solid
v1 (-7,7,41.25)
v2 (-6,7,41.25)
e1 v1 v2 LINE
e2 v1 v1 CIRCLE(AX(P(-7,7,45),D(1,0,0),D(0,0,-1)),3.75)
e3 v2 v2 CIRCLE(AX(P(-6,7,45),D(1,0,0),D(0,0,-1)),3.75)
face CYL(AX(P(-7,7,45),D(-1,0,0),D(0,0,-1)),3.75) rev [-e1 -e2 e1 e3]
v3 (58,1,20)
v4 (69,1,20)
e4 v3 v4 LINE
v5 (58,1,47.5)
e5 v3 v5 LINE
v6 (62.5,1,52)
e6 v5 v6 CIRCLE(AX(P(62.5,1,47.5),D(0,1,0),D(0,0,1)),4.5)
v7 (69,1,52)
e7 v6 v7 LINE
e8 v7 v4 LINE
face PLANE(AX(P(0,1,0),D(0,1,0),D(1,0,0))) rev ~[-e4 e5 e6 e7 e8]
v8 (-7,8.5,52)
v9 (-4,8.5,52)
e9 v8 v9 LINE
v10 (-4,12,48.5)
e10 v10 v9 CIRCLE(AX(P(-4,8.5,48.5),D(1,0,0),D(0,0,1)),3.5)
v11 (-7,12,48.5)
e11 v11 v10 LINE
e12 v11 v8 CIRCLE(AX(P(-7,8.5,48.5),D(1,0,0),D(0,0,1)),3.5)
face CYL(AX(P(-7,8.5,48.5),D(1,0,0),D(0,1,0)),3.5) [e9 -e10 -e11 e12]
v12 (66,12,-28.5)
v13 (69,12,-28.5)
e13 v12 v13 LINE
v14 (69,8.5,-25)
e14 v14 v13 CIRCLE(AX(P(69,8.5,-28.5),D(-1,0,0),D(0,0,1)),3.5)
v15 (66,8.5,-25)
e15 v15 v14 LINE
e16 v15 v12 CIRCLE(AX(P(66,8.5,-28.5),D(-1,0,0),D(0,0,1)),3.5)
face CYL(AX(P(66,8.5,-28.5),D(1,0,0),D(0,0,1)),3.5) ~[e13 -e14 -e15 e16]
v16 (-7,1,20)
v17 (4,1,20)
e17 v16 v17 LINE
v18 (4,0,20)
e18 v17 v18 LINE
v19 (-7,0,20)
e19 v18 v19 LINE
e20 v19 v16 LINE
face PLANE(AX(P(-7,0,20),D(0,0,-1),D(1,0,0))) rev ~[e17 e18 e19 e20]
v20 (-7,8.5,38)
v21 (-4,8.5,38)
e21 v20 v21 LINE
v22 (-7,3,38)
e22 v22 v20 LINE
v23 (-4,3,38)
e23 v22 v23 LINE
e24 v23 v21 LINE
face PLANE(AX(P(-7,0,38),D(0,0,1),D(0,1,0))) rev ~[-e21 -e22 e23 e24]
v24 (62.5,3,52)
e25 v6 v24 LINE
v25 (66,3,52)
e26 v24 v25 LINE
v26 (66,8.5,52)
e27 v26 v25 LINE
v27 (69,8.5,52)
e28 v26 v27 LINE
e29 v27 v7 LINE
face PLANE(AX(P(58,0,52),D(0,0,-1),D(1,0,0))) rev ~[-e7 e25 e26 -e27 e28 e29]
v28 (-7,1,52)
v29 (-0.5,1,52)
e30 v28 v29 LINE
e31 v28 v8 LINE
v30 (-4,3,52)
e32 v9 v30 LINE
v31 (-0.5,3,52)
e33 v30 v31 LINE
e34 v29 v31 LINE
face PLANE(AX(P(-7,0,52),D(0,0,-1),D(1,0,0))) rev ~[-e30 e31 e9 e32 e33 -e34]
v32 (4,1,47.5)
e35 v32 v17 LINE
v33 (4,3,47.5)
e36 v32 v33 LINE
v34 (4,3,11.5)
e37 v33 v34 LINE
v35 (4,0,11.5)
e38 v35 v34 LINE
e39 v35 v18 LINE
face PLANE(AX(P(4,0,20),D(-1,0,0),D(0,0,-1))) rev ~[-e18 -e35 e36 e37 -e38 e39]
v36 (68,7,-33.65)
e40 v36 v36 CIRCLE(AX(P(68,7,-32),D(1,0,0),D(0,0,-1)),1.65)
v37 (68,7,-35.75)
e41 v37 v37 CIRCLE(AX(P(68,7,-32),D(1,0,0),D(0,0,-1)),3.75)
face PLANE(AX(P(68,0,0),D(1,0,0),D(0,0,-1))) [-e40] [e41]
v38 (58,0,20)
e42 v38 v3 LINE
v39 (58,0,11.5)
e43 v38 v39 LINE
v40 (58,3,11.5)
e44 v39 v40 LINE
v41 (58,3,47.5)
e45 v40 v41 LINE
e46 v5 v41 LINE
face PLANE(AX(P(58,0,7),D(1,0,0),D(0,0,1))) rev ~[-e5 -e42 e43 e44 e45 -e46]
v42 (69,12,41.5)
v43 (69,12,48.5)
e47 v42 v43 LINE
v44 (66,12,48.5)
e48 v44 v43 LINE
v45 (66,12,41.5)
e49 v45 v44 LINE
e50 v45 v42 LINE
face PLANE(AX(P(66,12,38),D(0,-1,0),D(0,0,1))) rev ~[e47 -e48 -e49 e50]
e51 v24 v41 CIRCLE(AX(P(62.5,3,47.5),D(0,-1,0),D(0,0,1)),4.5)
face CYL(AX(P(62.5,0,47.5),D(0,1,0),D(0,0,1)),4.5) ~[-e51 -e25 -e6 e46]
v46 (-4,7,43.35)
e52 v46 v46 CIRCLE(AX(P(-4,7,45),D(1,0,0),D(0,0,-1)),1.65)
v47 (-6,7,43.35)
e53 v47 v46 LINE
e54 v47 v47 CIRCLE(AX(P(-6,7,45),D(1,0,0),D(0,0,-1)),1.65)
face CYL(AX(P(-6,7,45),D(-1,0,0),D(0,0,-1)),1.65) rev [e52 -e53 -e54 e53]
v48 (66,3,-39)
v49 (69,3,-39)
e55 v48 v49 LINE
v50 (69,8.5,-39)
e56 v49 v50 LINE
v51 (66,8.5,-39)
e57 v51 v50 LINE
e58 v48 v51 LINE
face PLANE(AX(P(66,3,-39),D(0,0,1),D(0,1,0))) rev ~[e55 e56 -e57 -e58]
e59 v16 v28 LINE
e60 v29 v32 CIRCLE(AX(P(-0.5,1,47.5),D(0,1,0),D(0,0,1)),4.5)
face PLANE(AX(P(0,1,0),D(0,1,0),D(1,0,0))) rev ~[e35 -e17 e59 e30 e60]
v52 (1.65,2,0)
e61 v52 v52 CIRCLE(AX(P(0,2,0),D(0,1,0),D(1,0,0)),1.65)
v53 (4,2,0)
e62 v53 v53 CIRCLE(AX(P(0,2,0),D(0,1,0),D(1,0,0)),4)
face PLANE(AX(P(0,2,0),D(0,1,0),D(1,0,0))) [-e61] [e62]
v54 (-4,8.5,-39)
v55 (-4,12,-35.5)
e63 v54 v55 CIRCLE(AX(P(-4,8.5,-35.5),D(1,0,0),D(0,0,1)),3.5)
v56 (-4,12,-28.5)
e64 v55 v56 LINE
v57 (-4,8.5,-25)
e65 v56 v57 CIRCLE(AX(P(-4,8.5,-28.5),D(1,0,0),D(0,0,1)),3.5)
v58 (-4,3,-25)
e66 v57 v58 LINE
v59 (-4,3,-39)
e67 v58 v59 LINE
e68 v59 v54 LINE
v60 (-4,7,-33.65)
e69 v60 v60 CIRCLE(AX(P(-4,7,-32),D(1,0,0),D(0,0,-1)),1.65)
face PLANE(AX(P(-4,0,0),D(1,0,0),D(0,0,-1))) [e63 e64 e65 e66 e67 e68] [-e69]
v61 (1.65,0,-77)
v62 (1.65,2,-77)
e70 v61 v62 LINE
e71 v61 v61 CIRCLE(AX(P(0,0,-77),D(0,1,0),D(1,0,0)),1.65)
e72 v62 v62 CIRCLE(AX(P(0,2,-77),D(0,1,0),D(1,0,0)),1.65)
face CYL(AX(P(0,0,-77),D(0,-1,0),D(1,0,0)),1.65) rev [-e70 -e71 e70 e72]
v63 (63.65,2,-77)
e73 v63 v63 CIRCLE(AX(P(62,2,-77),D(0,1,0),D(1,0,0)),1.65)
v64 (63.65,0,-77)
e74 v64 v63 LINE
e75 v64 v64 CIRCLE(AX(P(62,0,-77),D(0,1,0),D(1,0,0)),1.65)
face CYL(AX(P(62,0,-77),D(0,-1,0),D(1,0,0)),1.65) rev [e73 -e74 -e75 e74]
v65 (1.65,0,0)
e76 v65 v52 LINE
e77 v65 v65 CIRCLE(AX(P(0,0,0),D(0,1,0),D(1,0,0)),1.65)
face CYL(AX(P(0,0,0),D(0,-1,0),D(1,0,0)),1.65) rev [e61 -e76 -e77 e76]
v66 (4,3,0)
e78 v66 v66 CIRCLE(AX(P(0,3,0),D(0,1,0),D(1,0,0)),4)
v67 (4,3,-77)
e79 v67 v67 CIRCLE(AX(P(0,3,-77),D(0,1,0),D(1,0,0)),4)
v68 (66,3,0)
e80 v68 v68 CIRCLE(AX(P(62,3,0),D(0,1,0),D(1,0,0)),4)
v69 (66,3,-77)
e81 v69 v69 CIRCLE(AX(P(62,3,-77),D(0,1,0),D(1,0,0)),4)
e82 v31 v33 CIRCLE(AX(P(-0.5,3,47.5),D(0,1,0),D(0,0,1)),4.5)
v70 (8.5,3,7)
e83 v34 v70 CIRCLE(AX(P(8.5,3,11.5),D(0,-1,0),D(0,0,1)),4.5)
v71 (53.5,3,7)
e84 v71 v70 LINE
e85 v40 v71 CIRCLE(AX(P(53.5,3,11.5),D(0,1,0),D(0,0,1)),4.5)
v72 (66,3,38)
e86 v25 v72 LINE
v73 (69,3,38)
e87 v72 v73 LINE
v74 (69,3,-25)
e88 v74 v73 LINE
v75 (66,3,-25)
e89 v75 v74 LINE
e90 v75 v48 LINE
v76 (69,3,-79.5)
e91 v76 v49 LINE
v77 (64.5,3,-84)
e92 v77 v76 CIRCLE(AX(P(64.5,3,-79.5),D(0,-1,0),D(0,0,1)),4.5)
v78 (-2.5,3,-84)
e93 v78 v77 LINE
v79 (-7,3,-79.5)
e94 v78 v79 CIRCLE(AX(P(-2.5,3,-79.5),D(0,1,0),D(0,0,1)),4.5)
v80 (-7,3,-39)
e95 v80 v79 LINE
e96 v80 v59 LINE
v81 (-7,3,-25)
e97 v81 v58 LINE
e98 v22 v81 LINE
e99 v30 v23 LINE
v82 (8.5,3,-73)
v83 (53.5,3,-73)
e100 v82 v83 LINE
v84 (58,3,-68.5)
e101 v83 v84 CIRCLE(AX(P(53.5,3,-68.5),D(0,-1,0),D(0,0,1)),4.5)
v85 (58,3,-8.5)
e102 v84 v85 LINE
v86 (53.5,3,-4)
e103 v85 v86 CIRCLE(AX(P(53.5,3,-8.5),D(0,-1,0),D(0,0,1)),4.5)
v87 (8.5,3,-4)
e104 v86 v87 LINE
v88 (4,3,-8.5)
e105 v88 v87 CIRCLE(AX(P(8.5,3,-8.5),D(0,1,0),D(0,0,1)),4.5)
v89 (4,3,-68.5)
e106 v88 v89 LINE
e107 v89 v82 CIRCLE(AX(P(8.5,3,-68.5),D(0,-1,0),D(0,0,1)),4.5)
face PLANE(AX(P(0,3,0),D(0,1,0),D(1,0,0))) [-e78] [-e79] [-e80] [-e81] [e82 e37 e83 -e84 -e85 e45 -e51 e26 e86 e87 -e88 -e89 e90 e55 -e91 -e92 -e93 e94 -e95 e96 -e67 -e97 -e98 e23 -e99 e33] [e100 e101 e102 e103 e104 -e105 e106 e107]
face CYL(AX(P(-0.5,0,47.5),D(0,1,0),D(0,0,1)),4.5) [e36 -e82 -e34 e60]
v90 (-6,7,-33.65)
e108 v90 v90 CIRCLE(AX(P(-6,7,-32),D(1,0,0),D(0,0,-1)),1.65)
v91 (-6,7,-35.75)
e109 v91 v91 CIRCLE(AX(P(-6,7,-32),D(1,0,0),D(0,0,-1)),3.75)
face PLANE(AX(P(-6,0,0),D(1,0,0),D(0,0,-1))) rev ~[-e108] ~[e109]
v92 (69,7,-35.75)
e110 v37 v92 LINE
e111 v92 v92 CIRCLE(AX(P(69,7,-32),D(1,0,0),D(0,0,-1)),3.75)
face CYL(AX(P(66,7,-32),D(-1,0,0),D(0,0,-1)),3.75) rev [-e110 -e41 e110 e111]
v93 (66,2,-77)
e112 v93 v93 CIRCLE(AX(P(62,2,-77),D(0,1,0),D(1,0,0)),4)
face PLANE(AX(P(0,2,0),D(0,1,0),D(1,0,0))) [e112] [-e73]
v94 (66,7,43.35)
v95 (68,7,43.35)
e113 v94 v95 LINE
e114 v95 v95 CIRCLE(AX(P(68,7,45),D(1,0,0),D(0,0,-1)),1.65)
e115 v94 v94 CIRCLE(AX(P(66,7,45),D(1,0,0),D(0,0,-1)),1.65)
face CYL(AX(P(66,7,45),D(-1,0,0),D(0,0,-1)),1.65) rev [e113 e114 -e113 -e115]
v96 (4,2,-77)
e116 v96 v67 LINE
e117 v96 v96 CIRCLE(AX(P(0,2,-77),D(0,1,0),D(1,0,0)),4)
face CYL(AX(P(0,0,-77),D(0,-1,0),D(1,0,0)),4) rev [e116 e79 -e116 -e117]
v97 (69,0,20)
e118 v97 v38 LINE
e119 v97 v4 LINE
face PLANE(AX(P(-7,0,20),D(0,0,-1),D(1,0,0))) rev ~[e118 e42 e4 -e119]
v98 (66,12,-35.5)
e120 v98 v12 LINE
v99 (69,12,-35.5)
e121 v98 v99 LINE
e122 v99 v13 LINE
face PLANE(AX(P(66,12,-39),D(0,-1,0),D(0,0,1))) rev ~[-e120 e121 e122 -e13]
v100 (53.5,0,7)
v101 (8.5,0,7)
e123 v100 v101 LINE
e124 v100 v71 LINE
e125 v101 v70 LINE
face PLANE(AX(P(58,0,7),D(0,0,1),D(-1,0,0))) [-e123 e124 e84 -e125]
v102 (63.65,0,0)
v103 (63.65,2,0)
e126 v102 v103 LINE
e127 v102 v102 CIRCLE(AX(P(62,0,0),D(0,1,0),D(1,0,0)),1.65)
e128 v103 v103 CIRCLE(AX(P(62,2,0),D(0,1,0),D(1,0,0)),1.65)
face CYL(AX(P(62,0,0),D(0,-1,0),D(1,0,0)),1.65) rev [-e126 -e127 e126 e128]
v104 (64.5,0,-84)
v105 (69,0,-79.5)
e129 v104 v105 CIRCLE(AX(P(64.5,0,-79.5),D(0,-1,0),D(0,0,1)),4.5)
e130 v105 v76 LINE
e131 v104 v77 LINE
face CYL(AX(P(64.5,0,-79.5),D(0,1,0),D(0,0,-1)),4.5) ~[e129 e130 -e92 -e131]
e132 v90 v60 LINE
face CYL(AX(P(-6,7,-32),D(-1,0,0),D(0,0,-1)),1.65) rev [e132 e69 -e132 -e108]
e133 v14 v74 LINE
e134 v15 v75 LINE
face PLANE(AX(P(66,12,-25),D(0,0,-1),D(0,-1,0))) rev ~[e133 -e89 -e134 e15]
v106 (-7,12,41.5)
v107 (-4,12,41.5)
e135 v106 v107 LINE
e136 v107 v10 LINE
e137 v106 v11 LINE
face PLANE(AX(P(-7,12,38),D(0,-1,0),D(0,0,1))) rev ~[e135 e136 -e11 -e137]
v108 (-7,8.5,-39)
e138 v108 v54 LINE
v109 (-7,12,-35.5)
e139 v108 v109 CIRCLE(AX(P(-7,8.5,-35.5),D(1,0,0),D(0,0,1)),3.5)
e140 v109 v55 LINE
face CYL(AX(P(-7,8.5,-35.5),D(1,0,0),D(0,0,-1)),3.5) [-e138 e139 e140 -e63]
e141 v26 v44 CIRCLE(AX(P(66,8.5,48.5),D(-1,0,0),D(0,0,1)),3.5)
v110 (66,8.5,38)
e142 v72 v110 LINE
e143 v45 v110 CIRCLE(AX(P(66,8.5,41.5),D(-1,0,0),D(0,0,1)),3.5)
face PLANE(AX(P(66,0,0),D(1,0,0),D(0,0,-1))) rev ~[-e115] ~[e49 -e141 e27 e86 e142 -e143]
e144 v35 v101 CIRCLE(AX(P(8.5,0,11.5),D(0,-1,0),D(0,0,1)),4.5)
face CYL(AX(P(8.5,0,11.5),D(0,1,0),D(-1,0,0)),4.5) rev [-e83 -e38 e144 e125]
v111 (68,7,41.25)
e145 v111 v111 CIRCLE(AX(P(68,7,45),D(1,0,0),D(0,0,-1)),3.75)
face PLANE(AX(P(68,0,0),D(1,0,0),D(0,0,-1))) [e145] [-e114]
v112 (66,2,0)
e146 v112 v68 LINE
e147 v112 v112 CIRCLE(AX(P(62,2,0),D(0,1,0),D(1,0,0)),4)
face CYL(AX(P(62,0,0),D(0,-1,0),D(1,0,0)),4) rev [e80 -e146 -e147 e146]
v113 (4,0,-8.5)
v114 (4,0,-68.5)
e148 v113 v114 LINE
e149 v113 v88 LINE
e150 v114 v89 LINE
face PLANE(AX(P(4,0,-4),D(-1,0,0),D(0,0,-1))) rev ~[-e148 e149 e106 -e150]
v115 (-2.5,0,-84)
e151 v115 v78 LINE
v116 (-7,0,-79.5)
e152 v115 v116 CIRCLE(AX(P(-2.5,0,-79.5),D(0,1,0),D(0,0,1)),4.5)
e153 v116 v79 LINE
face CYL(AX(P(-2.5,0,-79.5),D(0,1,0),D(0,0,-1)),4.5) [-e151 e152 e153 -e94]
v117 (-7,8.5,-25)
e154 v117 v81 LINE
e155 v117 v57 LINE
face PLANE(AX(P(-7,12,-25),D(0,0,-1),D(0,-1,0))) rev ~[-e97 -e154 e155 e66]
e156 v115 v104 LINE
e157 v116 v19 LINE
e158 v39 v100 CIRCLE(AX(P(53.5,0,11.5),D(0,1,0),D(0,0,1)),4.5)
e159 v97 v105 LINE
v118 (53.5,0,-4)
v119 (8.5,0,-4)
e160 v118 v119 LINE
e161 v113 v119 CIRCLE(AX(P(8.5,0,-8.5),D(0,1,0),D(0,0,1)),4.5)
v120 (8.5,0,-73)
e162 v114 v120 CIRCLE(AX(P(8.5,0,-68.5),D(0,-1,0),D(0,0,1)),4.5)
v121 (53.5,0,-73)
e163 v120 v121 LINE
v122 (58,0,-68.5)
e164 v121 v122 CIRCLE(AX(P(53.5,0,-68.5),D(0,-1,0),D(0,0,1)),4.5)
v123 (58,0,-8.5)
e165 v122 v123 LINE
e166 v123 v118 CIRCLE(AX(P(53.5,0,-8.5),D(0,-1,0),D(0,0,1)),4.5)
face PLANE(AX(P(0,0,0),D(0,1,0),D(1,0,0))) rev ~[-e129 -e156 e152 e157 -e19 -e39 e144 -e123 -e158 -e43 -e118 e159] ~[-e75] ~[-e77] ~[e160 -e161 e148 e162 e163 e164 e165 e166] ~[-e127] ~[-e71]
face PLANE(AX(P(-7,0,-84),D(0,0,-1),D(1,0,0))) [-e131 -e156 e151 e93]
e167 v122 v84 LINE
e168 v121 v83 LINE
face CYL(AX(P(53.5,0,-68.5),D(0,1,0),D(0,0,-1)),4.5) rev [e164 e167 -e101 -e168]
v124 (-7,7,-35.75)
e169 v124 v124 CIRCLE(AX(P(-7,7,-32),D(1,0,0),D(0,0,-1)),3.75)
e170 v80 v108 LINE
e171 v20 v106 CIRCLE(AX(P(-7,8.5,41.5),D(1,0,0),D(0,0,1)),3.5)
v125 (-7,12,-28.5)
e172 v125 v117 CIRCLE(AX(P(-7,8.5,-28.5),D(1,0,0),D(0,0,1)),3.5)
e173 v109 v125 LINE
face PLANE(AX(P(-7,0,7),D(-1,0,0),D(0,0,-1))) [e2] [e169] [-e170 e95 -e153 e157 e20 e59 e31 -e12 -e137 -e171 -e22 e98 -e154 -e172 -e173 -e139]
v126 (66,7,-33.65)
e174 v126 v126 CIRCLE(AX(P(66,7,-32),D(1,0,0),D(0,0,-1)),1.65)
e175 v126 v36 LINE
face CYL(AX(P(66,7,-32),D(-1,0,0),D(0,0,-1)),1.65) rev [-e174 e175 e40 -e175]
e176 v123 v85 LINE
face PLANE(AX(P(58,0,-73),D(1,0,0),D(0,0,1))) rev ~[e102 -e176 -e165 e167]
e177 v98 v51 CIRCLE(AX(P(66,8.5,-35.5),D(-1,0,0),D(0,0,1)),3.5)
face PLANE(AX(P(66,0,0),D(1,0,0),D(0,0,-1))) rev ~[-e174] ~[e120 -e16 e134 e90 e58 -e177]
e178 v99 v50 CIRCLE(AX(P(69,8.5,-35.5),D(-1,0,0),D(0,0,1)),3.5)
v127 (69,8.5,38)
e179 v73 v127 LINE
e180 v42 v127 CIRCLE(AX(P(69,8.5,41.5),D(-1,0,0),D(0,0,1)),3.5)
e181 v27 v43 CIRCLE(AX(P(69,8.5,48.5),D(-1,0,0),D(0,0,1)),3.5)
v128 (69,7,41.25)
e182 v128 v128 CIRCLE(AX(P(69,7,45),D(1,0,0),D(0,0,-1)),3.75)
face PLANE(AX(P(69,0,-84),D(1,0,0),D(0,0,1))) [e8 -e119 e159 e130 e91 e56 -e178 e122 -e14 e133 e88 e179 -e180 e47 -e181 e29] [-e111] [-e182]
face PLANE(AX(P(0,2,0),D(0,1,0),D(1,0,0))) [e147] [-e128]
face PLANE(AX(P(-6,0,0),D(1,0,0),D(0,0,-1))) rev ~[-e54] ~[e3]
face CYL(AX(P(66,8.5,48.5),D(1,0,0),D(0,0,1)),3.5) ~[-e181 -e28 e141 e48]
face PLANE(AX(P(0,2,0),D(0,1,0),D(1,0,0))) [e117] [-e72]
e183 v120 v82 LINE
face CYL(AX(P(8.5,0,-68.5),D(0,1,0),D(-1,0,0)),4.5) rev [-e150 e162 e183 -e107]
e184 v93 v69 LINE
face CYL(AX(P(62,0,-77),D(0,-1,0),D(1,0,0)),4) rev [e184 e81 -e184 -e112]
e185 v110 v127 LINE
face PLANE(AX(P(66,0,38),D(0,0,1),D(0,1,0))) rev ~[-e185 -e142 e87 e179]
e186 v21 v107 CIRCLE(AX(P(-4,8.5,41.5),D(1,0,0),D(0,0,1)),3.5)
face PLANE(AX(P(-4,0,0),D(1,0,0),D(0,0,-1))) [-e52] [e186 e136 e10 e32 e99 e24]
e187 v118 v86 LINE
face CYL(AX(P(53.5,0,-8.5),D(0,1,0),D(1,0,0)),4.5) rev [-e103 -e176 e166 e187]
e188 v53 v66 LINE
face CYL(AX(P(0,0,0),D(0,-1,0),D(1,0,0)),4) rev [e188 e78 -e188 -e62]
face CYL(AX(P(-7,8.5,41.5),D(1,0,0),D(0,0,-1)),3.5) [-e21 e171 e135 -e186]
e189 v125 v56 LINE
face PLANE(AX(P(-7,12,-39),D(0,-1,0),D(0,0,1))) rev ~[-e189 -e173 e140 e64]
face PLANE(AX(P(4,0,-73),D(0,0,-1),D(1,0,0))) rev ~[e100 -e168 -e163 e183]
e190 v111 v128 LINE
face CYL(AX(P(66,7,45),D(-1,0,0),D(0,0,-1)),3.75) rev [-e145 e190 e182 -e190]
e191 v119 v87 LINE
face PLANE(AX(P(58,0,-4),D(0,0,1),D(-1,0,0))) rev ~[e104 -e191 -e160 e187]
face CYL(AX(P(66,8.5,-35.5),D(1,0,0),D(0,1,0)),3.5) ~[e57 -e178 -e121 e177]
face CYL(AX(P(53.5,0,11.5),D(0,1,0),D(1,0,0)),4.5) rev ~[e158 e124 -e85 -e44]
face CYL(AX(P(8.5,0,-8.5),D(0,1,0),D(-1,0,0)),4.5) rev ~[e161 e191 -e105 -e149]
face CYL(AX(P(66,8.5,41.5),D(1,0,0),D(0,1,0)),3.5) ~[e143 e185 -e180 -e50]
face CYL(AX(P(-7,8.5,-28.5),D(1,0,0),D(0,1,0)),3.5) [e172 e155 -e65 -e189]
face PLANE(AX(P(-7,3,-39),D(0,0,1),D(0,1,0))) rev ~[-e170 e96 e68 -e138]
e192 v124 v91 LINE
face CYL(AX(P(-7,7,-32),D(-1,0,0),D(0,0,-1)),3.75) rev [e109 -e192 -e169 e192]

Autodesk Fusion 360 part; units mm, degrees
ref_plane "WorkPlane1" through (0, 12, 0) normal (0, 1, 0) x (0, 0, 1)
sketch "Sketch1" plane through (0, 0, 0) normal (0, 1, 0) x (1, 0, 0)
  circle A0 centre (0, 0) radius 1.65
  circle A1 centre (0, 0) radius 4
  circle A2 centre (0, 77) radius 1.65
  circle A3 centre (0, 77) radius 4
  circle A4 centre (62, 0) radius 1.65
  circle A5 centre (62, 0) radius 4
  circle A6 centre (62, 77) radius 4
  circle A7 centre (62, 77) radius 1.65
  line L0 (-7, 84) -> (69, 84)
  line L1 (69, 84) -> (69, -7)
  line L2 (69, -7) -> (-7, -7)
  line L3 (-7, -7) -> (-7, 84)
  line L4 (4, 73) -> (58, 73)
  line L5 (58, 73) -> (58, 4)
  line L6 (58, 4) -> (4, 4)
  line L7 (4, 4) -> (4, 73)
  line L8 (-7, -52) -> (4, -52)
  line L9 (4, -52) -> (4, -7)
  line L10 (4, -7) -> (-7, -7)
  line L11 (-7, -7) -> (-7, -52)
  line L12 (69, -7) -> (58, -7)
  line L13 (58, -7) -> (58, -52)
  line L14 (58, -52) -> (69, -52)
  line L15 (69, -52) -> (69, -7)
  line L16 (-7, -20) -> (69, -20)
  line L17 (69, -20) -> (69, -52)
  line L18 (69, -52) -> (-7, -52)
  line L19 (-7, -52) -> (-7, -20)
  dimension "d1" = 3.3
  dimension "d2" = 8
  dimension "d3" = 3.3
  dimension "d4" = 8
  dimension "d5" = 77
  dimension "d6" = 3.3
  dimension "d7" = 8
  dimension "d8" = 62
  dimension "d9" = 3.3
  dimension "d10" = 8
  dimension "d11" = 77
  dimension "d12" = 7
  dimension "d13" = 7
  dimension "d14" = 7
  dimension "d15" = 7
  dimension "d16" = 4
  dimension "d17" = 4
  dimension "d18" = 4
  dimension "d19" = 4
  dimension "d52" = 45
  dimension "d53" = 11
  dimension "d54" = 45
  dimension "d55" = 11
  dimension "d65" = 20
extrude "Extrude1" add sketch "Sketch1" along normal blind 3 contours L0 L1 L2 L3 L10 L12 | L2 L9 L10 L11 L16 | L2 L12 L13 L15 L16 | L8 L9 L11 L16 L18 L19 | L13 L14 L15 L16 L17 L18
extrude "Extrude2" add sketch "Sketch1" along normal blind 2 contours A1 | A3 | A5 | A6
sketch "Sketch3" plane through (0, 0, 0) normal (1, 0, 0) x (0, 0, -1)
  circle A0 centre (32, 7) radius 1.65
  circle A1 centre (32, 7) radius 3.75
  line L0 (84, 0) -> (-52, 0)
  line L1 (77, 0) -> (32, 0)
  line L2 (39, 12) -> (25, 12)
  line L3 (25, 12) -> (25, 3)
  line L4 (25, 3) -> (39, 3)
  line L5 (39, 3) -> (39, 12)
  line L6 (4, 3) -> (73, 3)
  circle A2 centre (-45, 7) radius 1.65
  circle A3 centre (-45, 7) radius 3.75
  line L7 (32, 0) -> (-45, 0)
  line L8 (-38, 12) -> (-52, 12)
  line L9 (-52, 12) -> (-52, 0)
  line L10 (-52, 0) -> (-38, 0)
  line L11 (-38, 0) -> (-38, 12)
  line L12 (-7, 0) -> (-52, 0)
  point P0 (77, 0)
  dimension "d24" = 3.3
  dimension "d25" = 7.5
  dimension "d27" = 45
  dimension "d28" = 7
  dimension "d29" = 5
  dimension "d30" = 7
  dimension "d31" = 7
  dimension "d32" = 3.3
  dimension "d33" = 7.5
  dimension "d34" = 77
  dimension "d35" = 7
  dimension "d36" = 5
  dimension "d37" = 7
  dimension "d38" = 7
extrude "Extrude3" add sketch "Sketch3" along normal blind 3 from surface at -7 contours L0 L7 L8 L9 L10 L11 L12 | L2 L3 L4 L5 L6
extrude "Extrude5" add sketch "Sketch3" along normal blind 2 from surface at -6 contours A1 | A3
extrude "Extrude6" add sketch "Sketch3" along normal blind 3 from surface at 66 contours L0 L7 L8 L9 L10 L11 L12 | L2 L3 L4 L5 L6
extrude "Extrude7" add sketch "Sketch3" along normal blind 2 from surface at 66 contours A1 | A3
fillet "Fillet1" radius 4.5 4 edges at (-7, 1.5, -84) (69, 1.5, -84) (4, 1.5, 52) (58, 1.5, 52)
fillet "Fillet2" radius 4.5 6 edges at (4, 1.5, -73) (4, 1.5, -4) (58, 1.5, -4) (58, 1.5, -73) (4, 1.5, 7) (58, 1.5, 7)
extrude "Extrude8" cut sketch "Sketch1" along normal blind 1 contours L8 L9 L11 L16 L18 L19 | L13 L14 L15 L16 L17 L18 | L9 L13 L16 L18
fillet "Fillet3" radius 3.5 8 edges at (67.5, 12, -25) (-5.5, 12, -25) (-5.5, 12, 52) (-5.5, 12, 38) (67.5, 12, 52) (67.5, 12, 38) (67.5, 12, -39) (-5.5, 12, -39)
